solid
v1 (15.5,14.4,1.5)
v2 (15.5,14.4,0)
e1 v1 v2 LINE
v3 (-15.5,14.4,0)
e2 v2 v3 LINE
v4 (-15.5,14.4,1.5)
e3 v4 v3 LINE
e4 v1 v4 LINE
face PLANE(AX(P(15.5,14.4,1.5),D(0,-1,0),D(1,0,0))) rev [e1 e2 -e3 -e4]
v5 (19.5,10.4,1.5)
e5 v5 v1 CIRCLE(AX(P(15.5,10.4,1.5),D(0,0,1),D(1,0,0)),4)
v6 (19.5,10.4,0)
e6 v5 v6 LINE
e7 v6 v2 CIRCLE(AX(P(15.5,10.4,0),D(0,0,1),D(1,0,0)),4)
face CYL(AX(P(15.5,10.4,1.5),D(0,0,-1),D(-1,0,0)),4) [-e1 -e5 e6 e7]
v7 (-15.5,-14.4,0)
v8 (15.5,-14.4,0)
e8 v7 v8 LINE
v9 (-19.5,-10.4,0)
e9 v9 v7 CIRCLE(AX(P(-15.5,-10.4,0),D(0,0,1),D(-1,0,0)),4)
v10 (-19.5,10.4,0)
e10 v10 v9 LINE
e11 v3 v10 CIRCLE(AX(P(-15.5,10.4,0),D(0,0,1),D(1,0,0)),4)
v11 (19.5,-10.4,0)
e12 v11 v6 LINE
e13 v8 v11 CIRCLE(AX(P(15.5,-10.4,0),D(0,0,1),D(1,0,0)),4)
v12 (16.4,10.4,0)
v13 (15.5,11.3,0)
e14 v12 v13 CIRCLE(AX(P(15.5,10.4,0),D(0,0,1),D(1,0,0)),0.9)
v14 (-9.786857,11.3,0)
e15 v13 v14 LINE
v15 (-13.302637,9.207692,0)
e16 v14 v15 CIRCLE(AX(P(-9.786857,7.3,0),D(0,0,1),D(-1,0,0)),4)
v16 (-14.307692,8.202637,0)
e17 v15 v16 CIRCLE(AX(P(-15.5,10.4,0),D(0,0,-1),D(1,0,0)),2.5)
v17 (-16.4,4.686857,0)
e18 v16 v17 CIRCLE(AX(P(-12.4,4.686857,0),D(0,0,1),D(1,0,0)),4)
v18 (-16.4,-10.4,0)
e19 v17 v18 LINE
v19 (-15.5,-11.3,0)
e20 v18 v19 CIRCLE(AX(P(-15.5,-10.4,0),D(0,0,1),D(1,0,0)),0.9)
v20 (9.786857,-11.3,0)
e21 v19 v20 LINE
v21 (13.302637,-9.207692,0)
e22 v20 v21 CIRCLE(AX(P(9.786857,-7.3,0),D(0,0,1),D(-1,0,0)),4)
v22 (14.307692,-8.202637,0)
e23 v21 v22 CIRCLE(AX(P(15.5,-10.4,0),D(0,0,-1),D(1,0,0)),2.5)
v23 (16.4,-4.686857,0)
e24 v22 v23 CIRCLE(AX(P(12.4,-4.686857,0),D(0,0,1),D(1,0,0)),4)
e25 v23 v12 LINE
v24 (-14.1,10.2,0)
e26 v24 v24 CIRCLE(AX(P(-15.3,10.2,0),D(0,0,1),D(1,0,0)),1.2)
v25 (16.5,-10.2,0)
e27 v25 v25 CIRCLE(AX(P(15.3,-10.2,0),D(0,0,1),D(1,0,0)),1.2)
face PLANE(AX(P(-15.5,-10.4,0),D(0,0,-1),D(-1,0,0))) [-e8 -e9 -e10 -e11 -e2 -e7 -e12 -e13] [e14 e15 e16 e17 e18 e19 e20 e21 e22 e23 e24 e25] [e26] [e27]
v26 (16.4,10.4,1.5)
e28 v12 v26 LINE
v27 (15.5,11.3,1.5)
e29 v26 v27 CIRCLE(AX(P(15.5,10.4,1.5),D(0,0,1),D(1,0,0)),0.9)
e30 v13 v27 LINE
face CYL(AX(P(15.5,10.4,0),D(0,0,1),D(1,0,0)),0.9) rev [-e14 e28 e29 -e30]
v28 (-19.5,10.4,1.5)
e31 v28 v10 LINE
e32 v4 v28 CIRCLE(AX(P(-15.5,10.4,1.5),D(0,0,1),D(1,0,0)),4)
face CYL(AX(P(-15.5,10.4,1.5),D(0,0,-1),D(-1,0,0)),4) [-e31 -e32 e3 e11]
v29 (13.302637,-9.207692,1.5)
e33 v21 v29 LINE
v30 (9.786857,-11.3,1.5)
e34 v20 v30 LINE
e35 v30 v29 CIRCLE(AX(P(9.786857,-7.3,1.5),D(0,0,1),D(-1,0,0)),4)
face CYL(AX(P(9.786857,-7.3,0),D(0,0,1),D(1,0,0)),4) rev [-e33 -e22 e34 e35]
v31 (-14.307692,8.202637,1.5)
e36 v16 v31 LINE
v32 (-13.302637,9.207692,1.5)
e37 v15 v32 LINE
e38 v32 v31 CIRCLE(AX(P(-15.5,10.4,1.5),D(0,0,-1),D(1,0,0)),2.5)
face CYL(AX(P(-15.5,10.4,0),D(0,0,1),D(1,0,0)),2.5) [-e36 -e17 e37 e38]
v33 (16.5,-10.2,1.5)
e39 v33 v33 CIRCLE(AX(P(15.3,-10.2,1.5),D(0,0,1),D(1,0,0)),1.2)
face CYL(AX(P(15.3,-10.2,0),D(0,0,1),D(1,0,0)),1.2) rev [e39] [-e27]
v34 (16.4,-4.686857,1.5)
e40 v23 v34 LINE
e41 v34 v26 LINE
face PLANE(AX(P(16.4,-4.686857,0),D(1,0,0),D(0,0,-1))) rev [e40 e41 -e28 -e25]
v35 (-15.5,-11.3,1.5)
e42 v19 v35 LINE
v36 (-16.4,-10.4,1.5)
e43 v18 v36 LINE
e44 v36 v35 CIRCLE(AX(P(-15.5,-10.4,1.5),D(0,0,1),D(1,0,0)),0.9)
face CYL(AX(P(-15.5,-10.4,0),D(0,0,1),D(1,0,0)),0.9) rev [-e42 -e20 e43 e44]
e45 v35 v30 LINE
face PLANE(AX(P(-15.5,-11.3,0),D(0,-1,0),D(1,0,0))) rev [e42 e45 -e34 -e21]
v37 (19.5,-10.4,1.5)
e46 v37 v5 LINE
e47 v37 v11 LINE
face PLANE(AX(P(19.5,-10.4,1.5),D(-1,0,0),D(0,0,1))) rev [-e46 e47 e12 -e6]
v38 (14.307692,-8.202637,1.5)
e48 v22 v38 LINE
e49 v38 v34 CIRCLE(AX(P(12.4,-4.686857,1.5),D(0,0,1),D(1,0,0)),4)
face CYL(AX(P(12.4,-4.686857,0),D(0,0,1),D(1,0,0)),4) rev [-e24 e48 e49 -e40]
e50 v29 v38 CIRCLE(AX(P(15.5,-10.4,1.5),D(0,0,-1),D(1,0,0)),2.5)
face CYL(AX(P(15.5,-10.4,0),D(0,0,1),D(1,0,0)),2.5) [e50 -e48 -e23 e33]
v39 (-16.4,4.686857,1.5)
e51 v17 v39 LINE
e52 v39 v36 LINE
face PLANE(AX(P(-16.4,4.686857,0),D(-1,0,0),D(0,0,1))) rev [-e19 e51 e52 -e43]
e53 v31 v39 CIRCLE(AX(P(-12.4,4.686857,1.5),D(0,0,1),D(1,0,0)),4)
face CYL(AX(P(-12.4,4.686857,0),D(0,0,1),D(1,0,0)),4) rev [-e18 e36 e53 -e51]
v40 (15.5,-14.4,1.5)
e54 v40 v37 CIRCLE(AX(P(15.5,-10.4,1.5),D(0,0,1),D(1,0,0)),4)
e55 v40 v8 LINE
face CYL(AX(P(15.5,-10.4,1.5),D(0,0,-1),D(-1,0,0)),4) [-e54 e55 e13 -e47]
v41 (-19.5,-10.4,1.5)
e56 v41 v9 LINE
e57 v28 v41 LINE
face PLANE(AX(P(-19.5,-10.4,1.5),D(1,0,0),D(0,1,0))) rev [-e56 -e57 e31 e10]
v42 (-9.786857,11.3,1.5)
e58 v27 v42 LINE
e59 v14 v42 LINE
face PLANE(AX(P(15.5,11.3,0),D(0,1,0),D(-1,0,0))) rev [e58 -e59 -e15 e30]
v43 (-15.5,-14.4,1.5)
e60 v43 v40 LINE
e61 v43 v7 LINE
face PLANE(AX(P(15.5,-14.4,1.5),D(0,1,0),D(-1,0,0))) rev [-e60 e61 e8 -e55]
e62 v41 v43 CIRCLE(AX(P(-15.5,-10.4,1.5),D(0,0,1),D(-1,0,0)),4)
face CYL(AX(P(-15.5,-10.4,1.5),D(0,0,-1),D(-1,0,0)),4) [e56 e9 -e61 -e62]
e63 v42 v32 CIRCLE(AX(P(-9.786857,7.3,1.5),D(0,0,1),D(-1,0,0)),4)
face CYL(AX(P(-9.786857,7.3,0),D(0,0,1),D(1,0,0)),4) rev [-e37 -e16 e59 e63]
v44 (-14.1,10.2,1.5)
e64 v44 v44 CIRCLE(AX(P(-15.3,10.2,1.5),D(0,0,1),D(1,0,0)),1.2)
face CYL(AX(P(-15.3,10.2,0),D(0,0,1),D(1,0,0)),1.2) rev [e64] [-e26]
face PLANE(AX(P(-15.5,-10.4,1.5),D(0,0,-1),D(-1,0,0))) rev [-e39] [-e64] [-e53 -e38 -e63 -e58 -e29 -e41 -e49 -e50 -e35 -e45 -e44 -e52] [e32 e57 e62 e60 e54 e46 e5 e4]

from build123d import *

# Parameters (mm, degrees)
AUFSATZ_LINEAR_AUSTRAGEN1_DEPTH = 1.5
SCHNITT_LINEAR_AUSTRAGEN3_DEPTH = 25.287033578
SKIZZE8_R                       = 1.2
SCHNITT_LINEAR_AUSTRAGEN4_DEPTH = 25.287033578


with BuildPart() as part:
    # Skizze1 → Aufsatz-Linear austragen1 (new body)
    with BuildSketch(Plane.XY):
        with BuildLine():
            Line((15.5, -14.4), (-15.5, -14.4))
            ThreePointArc((-15.5, -14.4), (-18.328427125, -13.228427125), (-19.5, -10.4))
            Line((-19.5, -10.4), (-19.5, 10.4))
            ThreePointArc((-19.5, 10.4), (-18.328427125, 13.228427125), (-15.5, 14.4))
            Line((-15.5, 14.4), (15.5, 14.4))
            ThreePointArc((15.5, 14.4), (18.328427125, 13.228427125), (19.5, 10.4))
            Line((19.5, 10.4), (19.5, -10.4))
            ThreePointArc((19.5, -10.4), (18.328427125, -13.228427125), (15.5, -14.4))
        make_face()
    extrude(amount=AUFSATZ_LINEAR_AUSTRAGEN1_DEPTH)

    # Skizze2 → Schnitt-Linear austragen3 (cut, through all)
    with BuildSketch(Plane.XY.offset(1.5)):
        with BuildLine():
            Line((15.5, 11.3), (-9.786857257, 11.3))
            ThreePointArc((-9.786857257, 11.3), (-11.832490505, 10.737351395), (-13.302637407, 9.207692308))
            ThreePointArc((-13.302637407, 9.207692308), (-13.732233047, 8.632233047), (-14.307692308, 8.202637407))
            ThreePointArc((-14.307692308, 8.202637407), (-15.837351395, 6.732490505), (-16.4, 4.686857257))
            Line((-16.4, 4.686857257), (-16.4, -10.4))
            ThreePointArc((-16.4, -10.4), (-16.136396103, -11.036396103), (-15.5, -11.3))
            Line((-15.5, -11.3), (9.786857257, -11.3))
            ThreePointArc((9.786857257, -11.3), (11.832490505, -10.737351395), (13.302637407, -9.207692308))
            ThreePointArc((13.302637407, -9.207692308), (13.732233047, -8.632233047), (14.307692308, -8.202637407))
            ThreePointArc((14.307692308, -8.202637407), (15.837351395, -6.732490505), (16.4, -4.686857257))
            Line((16.4, -4.686857257), (16.4, 10.4))
            ThreePointArc((16.4, 10.4), (16.136396103, 11.036396103), (15.5, 11.3))
        make_face()
    extrude(amount=-SCHNITT_LINEAR_AUSTRAGEN3_DEPTH, mode=Mode.SUBTRACT)

    # Skizze8 → Schnitt-Linear austragen4 (cut, through all)
    with BuildSketch(Plane.XY.offset(1.5)):
        with Locations((-15.3, 10.2)):
            Circle(SKIZZE8_R)
        with Locations((15.3, -10.2)):
            Circle(SKIZZE8_R)
    extrude(amount=-SCHNITT_LINEAR_AUSTRAGEN4_DEPTH, mode=Mode.SUBTRACT)


solid = part.part
